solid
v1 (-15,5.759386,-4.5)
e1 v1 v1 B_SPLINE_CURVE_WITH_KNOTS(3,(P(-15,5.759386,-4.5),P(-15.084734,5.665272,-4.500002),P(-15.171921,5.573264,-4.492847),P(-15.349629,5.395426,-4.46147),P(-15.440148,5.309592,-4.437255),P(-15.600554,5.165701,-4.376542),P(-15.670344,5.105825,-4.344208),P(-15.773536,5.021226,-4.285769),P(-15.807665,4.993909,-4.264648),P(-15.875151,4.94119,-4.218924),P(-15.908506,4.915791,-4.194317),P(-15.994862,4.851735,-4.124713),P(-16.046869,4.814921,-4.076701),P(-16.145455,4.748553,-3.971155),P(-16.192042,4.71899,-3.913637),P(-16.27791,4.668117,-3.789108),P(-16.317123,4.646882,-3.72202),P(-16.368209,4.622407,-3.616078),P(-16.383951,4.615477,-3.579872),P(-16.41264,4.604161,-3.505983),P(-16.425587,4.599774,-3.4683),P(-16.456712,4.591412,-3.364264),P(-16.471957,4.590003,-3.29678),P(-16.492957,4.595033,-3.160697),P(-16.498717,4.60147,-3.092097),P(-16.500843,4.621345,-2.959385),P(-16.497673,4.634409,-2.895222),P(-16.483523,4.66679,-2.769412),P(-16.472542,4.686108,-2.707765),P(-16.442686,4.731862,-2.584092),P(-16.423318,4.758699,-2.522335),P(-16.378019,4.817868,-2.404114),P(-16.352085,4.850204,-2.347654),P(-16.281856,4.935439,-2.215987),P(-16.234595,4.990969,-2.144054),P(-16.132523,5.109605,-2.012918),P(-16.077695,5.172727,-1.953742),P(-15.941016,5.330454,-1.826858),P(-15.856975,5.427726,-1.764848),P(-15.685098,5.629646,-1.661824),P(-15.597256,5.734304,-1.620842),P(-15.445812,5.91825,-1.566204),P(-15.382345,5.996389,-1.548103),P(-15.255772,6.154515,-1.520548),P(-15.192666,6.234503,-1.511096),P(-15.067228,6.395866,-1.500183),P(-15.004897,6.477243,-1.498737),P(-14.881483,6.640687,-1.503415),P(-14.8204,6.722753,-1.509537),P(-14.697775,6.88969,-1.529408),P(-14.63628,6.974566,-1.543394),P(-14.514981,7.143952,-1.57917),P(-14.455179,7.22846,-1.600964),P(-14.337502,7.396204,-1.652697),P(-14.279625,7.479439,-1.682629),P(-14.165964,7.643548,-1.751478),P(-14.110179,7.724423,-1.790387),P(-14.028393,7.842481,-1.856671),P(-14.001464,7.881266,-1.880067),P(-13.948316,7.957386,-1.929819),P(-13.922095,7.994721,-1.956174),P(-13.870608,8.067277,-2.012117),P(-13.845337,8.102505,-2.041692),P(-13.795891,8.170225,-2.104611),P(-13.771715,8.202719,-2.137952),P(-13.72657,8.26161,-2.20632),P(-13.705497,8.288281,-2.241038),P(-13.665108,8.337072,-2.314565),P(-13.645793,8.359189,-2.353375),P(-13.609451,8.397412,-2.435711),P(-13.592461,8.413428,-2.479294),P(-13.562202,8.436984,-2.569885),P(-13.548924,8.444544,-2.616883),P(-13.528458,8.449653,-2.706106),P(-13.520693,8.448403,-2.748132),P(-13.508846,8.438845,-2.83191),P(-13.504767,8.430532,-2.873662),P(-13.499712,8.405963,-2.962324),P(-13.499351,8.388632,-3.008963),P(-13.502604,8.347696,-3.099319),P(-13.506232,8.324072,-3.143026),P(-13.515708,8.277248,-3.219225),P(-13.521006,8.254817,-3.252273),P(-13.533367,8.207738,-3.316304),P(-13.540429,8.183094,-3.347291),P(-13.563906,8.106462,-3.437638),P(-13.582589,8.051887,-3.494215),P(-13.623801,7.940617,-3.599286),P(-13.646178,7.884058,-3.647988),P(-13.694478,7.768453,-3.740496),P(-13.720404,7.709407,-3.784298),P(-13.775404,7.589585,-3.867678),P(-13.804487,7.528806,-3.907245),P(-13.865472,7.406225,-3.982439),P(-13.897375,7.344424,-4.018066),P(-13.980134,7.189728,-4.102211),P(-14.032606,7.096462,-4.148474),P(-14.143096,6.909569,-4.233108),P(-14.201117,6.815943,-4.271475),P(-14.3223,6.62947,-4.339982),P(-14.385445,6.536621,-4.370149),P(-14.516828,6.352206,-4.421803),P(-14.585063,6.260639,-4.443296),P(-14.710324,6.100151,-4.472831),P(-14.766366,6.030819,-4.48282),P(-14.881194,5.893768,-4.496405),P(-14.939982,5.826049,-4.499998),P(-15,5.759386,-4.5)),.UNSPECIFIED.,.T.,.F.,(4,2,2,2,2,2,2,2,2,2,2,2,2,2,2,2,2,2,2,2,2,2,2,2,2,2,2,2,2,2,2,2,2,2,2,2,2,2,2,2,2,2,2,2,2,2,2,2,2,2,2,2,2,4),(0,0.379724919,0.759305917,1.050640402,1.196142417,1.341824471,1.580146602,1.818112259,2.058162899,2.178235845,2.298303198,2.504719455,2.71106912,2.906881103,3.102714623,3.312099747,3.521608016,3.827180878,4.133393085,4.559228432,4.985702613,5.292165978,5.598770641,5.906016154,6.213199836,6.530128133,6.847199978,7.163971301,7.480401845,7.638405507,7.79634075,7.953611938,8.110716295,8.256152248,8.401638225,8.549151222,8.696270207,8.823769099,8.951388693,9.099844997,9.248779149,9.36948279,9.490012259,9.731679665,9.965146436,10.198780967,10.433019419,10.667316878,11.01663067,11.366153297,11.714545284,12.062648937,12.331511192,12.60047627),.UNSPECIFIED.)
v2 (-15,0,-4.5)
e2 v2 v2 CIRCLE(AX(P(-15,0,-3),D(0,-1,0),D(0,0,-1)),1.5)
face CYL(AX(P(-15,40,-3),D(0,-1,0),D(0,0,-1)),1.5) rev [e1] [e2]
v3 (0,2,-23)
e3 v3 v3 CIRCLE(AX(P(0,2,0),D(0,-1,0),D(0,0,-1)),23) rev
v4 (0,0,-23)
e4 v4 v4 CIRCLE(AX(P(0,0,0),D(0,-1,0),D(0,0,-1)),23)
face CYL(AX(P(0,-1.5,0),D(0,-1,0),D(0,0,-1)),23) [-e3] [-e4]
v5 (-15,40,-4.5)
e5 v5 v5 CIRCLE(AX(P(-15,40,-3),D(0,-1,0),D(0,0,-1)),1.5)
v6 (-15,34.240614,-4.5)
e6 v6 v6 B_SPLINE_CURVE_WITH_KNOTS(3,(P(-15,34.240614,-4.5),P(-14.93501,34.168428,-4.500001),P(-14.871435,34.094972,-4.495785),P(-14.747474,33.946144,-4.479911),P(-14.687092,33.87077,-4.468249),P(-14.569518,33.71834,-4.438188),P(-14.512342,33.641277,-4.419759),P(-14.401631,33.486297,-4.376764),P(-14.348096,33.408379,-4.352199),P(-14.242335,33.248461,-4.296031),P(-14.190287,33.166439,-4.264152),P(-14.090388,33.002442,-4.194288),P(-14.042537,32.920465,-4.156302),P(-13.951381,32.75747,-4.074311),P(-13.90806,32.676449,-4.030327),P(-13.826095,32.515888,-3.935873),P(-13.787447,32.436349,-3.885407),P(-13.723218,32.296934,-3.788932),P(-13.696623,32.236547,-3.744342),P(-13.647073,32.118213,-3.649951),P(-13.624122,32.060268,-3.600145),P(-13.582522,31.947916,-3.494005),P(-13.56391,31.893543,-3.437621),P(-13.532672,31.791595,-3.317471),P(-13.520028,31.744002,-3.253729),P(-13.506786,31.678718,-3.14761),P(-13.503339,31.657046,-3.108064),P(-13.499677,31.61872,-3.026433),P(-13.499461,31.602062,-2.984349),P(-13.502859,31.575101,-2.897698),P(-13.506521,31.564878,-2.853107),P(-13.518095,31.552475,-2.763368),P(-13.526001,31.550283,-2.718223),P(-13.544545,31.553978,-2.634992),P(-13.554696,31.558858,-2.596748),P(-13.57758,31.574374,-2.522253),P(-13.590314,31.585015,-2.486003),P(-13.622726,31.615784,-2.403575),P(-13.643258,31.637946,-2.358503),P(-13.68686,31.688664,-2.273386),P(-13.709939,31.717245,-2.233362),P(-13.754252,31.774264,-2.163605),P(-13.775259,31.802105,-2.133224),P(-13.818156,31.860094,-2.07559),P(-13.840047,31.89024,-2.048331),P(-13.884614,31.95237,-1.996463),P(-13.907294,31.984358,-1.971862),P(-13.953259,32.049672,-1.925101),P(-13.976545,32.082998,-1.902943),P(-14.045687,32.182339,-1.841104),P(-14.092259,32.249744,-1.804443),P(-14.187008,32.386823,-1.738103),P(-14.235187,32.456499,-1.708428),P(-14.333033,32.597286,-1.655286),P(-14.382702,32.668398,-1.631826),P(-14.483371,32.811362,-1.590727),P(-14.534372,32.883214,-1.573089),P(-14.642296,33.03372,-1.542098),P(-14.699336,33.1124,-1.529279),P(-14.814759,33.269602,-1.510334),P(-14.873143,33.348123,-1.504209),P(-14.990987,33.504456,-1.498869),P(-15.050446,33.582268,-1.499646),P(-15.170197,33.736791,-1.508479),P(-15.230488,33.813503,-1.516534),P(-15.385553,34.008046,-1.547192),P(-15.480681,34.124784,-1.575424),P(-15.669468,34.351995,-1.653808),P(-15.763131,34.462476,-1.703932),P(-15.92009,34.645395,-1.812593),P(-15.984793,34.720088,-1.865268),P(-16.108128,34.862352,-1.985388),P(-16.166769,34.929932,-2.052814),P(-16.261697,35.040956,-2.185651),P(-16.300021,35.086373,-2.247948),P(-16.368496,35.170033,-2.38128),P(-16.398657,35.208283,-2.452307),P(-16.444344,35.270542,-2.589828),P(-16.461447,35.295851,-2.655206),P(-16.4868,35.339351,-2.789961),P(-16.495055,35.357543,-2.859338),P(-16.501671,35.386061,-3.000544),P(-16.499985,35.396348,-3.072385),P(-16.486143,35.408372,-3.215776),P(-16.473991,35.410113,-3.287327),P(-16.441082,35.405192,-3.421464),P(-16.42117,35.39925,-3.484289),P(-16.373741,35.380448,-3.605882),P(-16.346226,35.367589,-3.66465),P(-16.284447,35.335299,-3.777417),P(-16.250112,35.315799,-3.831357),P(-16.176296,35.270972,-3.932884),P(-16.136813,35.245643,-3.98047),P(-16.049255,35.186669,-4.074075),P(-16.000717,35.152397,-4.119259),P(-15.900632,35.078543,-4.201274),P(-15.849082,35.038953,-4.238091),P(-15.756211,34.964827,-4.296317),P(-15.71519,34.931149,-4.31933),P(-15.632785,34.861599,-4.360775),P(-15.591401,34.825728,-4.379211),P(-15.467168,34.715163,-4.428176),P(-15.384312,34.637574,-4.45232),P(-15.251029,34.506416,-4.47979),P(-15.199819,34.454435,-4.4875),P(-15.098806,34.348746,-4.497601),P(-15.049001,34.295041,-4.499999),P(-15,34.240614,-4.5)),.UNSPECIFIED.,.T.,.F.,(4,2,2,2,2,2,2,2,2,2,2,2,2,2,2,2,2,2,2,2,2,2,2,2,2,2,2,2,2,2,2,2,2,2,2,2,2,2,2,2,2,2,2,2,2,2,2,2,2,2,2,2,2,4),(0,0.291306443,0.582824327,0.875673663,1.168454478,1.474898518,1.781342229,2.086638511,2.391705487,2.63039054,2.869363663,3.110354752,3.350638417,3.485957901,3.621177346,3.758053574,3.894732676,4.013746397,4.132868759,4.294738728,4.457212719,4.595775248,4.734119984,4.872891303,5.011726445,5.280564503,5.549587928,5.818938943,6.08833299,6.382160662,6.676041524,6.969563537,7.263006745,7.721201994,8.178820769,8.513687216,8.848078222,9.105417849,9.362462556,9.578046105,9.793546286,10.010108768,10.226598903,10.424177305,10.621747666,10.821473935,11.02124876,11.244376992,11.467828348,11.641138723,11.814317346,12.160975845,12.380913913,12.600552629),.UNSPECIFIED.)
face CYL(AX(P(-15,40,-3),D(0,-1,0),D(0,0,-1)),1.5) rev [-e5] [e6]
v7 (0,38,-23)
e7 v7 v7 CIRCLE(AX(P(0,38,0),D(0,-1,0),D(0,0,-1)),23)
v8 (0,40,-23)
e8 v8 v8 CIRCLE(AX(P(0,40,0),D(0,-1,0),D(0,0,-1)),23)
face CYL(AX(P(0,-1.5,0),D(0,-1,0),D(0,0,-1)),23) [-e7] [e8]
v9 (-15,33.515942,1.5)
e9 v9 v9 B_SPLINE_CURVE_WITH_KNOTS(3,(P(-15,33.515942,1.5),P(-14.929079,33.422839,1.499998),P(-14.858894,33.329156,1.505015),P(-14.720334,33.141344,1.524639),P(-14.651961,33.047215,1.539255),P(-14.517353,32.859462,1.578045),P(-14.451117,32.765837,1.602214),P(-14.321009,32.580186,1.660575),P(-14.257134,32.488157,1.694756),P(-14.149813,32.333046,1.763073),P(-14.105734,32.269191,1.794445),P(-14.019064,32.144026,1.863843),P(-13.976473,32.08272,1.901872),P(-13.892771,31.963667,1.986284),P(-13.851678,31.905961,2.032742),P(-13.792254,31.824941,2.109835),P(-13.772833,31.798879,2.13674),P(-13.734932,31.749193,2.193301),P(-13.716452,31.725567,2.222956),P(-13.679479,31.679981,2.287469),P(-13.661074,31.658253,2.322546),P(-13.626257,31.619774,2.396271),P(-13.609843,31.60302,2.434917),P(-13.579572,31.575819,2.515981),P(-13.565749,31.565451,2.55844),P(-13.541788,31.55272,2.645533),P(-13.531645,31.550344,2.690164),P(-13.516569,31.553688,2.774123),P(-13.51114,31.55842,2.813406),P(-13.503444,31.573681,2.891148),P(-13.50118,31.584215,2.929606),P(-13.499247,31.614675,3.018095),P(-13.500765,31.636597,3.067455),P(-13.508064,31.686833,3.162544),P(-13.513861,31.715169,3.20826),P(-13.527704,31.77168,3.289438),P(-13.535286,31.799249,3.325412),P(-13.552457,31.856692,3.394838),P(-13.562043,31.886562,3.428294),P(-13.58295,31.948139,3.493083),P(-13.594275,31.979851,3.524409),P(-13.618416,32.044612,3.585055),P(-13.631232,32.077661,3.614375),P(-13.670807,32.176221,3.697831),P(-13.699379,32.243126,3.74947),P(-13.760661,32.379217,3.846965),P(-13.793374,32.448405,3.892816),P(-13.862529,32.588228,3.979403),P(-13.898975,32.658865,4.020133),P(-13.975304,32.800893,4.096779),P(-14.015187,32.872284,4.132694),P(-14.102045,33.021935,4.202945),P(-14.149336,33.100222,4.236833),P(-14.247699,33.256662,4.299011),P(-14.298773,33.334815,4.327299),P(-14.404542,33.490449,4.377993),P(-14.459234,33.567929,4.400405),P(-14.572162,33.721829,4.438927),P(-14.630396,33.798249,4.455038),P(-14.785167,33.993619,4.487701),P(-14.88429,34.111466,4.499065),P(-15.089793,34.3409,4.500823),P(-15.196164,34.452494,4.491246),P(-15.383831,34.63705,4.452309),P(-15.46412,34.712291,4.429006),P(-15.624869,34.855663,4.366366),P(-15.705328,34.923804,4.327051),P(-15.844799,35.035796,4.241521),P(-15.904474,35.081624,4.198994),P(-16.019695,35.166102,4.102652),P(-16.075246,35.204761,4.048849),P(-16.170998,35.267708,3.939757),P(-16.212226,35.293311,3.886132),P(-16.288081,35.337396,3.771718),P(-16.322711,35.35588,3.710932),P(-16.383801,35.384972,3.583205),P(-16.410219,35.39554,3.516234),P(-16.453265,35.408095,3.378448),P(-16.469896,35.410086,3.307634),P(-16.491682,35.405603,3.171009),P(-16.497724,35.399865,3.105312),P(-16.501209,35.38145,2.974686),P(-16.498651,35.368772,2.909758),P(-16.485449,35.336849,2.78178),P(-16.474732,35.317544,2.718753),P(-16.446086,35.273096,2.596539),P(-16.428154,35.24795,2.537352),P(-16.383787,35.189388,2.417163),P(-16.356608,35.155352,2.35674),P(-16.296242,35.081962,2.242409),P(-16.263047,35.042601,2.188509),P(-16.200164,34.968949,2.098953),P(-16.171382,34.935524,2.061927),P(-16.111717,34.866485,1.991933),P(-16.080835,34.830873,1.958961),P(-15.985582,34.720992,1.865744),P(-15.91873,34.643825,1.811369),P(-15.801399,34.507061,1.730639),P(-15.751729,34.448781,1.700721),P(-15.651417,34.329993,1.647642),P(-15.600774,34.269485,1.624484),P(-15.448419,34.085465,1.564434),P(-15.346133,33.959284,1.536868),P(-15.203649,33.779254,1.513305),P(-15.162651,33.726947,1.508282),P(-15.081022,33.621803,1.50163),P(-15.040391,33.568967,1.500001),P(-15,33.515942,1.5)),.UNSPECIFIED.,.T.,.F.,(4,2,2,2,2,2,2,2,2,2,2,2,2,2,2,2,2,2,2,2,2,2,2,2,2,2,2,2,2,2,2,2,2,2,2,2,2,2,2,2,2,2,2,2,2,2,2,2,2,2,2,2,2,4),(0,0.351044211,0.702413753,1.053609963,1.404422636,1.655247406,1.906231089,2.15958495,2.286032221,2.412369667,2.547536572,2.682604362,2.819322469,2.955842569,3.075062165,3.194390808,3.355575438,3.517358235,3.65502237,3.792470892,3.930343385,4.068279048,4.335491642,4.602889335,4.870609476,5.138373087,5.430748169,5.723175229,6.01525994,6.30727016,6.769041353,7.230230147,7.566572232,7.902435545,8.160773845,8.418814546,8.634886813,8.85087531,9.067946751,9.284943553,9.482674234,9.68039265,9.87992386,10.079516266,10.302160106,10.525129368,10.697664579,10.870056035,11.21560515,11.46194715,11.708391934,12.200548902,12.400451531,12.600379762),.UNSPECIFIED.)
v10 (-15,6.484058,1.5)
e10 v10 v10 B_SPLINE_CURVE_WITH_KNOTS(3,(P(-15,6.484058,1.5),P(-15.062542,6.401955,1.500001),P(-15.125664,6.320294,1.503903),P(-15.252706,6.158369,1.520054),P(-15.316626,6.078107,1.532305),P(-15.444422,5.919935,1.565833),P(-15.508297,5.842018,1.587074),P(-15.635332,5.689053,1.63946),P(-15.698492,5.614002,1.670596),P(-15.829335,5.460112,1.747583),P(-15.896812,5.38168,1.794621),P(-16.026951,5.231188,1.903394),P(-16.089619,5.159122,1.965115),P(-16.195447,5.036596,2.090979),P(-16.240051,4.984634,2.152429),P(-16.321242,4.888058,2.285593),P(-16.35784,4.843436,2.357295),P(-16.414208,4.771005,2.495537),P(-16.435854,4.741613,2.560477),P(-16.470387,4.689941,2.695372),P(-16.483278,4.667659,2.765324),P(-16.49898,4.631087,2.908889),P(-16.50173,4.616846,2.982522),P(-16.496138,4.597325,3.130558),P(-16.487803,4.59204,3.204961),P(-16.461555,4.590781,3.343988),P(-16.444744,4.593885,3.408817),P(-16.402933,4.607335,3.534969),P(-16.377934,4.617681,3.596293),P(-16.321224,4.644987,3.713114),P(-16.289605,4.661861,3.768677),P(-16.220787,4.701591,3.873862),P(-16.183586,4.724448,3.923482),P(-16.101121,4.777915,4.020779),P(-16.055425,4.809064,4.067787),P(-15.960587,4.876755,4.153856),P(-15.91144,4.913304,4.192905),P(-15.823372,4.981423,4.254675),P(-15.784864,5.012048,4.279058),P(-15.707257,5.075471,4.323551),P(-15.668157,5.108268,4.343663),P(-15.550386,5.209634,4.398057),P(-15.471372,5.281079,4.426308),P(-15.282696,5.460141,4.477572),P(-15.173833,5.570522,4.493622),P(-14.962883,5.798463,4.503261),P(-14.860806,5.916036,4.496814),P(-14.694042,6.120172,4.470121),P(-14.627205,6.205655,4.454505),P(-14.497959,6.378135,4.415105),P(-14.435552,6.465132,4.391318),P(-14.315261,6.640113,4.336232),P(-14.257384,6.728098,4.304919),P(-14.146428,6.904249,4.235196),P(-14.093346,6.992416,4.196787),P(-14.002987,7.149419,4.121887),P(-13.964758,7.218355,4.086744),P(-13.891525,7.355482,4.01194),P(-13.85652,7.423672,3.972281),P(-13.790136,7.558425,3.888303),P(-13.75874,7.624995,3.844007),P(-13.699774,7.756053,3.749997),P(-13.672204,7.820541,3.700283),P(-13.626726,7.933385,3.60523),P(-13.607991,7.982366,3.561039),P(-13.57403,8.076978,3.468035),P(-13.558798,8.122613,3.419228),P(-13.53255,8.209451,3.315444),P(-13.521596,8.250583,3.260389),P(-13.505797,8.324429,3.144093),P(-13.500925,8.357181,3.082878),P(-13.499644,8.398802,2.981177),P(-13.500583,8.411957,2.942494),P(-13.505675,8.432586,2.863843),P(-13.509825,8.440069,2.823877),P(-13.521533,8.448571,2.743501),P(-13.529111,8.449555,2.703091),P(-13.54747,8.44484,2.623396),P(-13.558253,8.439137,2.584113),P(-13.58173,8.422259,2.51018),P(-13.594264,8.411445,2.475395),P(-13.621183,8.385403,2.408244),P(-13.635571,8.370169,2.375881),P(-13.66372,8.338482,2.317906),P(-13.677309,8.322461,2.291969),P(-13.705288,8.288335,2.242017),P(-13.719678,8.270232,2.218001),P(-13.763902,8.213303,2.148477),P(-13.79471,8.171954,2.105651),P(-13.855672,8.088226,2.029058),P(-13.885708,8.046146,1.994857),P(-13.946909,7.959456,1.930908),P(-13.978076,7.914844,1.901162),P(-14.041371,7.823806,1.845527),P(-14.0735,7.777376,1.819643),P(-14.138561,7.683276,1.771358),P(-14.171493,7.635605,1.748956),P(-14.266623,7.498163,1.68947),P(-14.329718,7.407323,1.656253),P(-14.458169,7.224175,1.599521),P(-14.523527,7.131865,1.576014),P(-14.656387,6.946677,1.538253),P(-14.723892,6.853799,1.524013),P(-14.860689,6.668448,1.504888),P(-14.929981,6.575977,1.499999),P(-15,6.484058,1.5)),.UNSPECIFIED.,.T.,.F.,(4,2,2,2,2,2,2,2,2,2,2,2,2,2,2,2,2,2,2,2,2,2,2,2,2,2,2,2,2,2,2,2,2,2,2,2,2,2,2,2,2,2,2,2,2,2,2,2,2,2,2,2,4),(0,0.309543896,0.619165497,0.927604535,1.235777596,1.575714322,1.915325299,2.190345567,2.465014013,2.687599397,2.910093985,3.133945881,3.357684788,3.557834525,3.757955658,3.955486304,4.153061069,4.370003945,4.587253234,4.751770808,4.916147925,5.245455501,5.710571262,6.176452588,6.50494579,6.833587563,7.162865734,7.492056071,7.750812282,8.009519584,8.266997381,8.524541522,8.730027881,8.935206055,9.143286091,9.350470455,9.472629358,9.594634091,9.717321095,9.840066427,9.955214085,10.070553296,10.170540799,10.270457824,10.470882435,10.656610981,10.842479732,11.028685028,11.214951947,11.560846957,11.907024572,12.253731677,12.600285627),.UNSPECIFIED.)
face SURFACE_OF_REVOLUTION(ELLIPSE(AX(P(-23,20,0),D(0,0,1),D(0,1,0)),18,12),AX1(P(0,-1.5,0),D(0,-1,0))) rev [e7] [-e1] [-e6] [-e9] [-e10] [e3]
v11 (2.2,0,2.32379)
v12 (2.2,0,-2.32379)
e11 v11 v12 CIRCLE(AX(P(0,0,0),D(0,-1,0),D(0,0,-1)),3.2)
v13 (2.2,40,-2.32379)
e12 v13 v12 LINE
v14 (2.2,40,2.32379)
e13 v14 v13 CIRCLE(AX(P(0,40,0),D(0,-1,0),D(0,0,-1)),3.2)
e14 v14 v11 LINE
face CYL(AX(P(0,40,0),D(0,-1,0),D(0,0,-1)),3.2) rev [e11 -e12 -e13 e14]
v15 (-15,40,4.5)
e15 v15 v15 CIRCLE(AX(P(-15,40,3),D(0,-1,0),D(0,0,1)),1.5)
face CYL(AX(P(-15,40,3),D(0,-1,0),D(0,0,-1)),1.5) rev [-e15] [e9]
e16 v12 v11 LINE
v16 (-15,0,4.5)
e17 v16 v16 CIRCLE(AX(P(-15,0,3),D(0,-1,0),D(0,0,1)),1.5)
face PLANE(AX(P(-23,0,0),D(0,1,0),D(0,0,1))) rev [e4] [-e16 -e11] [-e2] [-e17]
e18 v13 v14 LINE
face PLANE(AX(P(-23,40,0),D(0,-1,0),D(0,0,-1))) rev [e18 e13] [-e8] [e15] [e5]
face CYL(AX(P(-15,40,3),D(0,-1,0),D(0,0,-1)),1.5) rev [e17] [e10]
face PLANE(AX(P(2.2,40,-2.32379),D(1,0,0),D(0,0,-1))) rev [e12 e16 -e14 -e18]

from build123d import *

# Parameters (mm, degrees)
SKETCH8_RX         = 18
SKETCH8_RY         = 12
SKETCH1_R          = 1.5
CUT_EXTRUDE1_DEPTH = 52.555795108


with BuildPart() as part:
    # Sketch4 → Revolve1 (revolve)
    with BuildSketch(Plane.XY, mode=Mode.PRIVATE) as revolve1_sk:
        Polygon((-23, 0), (0, 0), (0, 40), (-23, 40), (-23, 35), (-23, 5), align=None)
    revolve(revolve1_sk.sketch.rotate(Axis((0, -1.5, 0), (0, 1, 0)), 270), axis=Axis((0, -1.5, 0), (0, 1, 0)))

    # Sketch8 → Cut-Revolve2 (revolve, cut)
    with BuildSketch(Plane.XY, mode=Mode.PRIVATE) as cut_revolve2_sk:
        with Locations(Location((-23, 20), (0, 0, 90))):
            Ellipse(SKETCH8_RX, SKETCH8_RY)
    revolve(cut_revolve2_sk.sketch.rotate(Axis((0, -1.5, 0), (0, 1, 0)), 270), axis=Axis((0, -1.5, 0), (0, 1, 0)), mode=Mode.SUBTRACT)

    # Sketch1 → Cut-Extrude1 (cut, through all)
    with BuildSketch(Plane(origin=(0, 0, 0), x_dir=(-1, 0, 0), z_dir=(0, -1, 0))):
        with Locations(Location((15, 3, 0), (0, 0, 90))):
            Circle(SKETCH1_R)
        with Locations(Location((15, -3, 0), (0, 0, 90))):
            Circle(SKETCH1_R)
        with BuildLine():
            Line((-2.2, 2.323790008), (-2.2, -2.323790008))
            ThreePointArc((-2.2, -2.323790008), (3.2, 0), (-2.2, 2.323790008))
        make_face()
    extrude(amount=-CUT_EXTRUDE1_DEPTH, mode=Mode.SUBTRACT)


solid = part.part
